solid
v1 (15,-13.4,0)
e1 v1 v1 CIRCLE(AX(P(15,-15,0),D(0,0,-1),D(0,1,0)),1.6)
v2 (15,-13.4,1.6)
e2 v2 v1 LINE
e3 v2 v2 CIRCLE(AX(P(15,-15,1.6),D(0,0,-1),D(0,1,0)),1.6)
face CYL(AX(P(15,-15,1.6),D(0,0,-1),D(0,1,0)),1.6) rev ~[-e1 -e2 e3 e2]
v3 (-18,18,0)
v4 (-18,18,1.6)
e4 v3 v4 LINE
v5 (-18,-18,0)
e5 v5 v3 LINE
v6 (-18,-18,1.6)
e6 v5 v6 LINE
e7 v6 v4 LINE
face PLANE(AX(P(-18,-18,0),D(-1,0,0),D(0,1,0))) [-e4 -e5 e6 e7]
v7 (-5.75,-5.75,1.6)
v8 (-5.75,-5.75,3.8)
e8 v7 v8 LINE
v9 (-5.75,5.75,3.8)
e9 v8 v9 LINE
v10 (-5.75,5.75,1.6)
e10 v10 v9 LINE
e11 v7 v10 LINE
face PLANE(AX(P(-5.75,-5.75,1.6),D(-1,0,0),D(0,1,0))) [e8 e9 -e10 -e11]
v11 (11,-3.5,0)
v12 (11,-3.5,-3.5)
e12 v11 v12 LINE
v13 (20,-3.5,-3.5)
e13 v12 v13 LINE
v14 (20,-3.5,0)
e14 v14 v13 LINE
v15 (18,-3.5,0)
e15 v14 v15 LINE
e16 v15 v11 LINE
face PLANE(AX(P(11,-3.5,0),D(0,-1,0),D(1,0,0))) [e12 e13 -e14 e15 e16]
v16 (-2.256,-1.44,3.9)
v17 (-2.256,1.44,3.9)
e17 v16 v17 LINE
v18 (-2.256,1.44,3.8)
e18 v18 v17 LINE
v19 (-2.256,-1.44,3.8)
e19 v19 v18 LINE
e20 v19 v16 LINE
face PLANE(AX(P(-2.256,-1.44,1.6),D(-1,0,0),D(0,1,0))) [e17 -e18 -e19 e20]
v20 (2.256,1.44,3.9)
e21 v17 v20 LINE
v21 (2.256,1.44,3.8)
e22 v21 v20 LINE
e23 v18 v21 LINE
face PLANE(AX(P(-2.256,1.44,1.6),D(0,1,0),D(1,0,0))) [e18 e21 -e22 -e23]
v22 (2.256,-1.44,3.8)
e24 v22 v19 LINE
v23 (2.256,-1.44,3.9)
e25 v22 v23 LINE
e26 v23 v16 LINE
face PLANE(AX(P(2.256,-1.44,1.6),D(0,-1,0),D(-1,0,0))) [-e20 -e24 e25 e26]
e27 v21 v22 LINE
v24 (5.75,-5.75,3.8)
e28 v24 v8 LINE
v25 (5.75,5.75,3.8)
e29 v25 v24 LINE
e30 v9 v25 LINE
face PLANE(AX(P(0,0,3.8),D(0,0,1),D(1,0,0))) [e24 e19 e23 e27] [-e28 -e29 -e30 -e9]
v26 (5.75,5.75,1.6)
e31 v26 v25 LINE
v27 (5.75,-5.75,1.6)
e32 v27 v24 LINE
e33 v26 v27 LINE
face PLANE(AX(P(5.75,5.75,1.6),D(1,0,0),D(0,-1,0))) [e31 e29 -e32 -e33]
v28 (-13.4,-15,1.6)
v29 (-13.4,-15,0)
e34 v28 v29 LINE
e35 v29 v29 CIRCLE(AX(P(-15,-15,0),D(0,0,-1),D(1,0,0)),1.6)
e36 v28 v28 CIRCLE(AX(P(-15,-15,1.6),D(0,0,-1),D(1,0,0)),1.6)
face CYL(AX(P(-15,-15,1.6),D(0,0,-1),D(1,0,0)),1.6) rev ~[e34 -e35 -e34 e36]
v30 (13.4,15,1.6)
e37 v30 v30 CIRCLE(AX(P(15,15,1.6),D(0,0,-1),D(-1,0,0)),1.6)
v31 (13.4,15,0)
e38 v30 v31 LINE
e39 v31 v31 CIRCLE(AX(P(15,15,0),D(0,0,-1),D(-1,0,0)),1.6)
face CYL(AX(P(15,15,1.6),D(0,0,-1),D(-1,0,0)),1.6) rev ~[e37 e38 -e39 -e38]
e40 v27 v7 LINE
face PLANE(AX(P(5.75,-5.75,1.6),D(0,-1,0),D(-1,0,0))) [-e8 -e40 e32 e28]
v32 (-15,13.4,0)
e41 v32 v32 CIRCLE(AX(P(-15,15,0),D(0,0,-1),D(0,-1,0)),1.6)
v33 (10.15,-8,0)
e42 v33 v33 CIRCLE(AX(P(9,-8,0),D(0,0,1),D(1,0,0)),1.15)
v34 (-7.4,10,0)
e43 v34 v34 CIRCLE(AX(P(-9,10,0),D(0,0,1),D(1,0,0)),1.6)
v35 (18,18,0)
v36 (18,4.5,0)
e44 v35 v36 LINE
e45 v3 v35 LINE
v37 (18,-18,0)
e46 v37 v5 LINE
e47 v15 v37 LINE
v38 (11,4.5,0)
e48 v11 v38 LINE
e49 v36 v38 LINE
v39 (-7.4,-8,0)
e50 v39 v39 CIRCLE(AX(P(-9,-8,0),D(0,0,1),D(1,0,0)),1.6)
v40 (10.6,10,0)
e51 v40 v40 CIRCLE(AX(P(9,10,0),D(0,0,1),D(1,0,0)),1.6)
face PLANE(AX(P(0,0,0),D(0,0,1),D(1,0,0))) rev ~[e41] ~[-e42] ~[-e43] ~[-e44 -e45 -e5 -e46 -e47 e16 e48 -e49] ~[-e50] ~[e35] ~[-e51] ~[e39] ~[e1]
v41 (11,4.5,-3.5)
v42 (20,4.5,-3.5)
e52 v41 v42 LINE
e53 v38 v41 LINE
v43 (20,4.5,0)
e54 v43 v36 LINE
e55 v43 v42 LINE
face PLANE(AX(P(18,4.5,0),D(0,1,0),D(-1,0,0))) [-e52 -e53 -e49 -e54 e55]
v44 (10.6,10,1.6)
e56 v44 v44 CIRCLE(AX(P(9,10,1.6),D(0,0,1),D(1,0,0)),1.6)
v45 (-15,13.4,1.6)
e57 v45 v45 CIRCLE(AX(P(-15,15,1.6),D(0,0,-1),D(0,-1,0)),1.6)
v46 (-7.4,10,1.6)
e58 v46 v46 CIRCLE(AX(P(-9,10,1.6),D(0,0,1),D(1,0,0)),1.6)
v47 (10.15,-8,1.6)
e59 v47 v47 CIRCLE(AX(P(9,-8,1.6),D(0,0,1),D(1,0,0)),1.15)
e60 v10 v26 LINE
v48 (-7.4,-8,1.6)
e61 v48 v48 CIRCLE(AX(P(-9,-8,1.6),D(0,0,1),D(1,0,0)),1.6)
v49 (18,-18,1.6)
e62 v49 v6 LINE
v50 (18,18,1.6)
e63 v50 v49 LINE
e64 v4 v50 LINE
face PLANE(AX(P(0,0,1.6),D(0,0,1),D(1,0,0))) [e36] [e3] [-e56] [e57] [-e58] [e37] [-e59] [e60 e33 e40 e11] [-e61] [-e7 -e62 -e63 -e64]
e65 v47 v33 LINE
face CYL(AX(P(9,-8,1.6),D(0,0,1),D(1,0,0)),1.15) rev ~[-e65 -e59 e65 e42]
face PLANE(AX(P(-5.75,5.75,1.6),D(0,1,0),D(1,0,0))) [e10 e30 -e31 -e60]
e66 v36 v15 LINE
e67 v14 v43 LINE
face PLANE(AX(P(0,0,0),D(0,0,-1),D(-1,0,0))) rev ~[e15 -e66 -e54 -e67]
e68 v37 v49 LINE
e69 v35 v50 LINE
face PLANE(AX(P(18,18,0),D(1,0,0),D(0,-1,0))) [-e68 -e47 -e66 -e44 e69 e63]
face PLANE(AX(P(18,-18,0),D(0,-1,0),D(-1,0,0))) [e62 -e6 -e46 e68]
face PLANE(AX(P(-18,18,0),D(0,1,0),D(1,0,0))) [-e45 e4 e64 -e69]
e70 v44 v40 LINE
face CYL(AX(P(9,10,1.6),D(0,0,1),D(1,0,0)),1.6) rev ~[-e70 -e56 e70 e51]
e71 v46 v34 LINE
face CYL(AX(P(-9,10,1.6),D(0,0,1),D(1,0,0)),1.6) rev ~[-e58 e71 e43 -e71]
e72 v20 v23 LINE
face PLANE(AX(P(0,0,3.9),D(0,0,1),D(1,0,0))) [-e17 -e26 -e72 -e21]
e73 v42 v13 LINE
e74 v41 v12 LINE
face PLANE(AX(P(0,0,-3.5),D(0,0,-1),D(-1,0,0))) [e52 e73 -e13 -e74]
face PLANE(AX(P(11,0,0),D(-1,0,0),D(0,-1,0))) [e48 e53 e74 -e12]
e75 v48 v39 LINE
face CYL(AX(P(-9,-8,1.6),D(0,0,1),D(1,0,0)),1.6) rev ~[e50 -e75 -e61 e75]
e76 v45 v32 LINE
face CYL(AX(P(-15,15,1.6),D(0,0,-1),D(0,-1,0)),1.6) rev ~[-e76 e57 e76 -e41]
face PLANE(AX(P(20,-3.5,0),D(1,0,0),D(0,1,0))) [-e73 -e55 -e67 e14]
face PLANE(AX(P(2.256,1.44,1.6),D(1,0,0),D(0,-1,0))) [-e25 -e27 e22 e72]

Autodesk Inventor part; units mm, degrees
ref_plane "YZ Plane" through (0, 0, 0) normal (1, 0, 0) x (0, 1, 0)
ref_plane "XZ Plane" through (0, 0, 0) normal (0, 1, 0) x (-1, 0, 0)
ref_plane "XY Plane" through (0, 0, 0) normal (0, 0, 1) x (1, 0, 0)
sketch "Sketch1" plane through (0, 0, 0) normal (0, 0, 1) x (1, 0, 0)
  line L0 (-25.2, 0) -> (25.2, 0) construction
  line L1 (0, -25.2) -> (0, 25.2) construction
  line L2 (-18, 18) -> (18, 18)
  line L3 (18, 18) -> (18, -18)
  line L4 (18, -18) -> (-18, -18)
  line L5 (-18, -18) -> (-18, 18)
  point P0 (0, 0)
  point P1 (0, 18)
  point P2 (18, 0)
  dimension "d0" = 36
  dimension "d1" = 36
extrude "Extrusion1" add sketch "Sketch1" along normal blind 1.6
sketch "Sketch2" plane through (0, 0, 1.6) normal (0, 0, 1) x (1, 0, 0)
  point P0 (0, 0)
  point P1 (-15, 15)
  dimension "d4" = 15
  dimension "d5" = 15
hole "Hole1" at (-15, 15, 1.6) direction (0, 0, -1) diameter 3.2 end through all
pattern_circular "Circular Pattern1" count 4 over 360 about axis through (0, 0, -10) along (0, 0, 1) of "Hole1"
sketch "Sketch3" plane through (0, 0, 1.6) normal (0, 0, 1) x (1, 0, 0)
  line L0 (-25.2, 0) -> (25.2, 0) construction
  line L1 (0, -25.2) -> (0, 25.2) construction
  line L2 (-2.256, 1.44) -> (2.256, 1.44)
  line L3 (2.256, 1.44) -> (2.256, -1.44)
  line L4 (2.256, -1.44) -> (-2.256, -1.44)
  line L5 (-2.256, -1.44) -> (-2.256, 1.44)
  point P0 (0, 0)
  point P1 (0, 1.44)
  point P2 (2.256, 0)
  dimension "d16" = 4.512
  dimension "d17" = 2.88
extrude "Extrusion2" add sketch "Sketch3" along normal blind 2.3
sketch "Sketch4" plane through (0, 0, 1.6) normal (0, 0, 1) x (1, 0, 0)
  line L0 (-5.75, 5.75) -> (5.75, 5.75)
  line L1 (5.75, 5.75) -> (5.75, -5.75)
  line L2 (5.75, -5.75) -> (-5.75, -5.75)
  line L3 (-5.75, -5.75) -> (-5.75, 5.75)
  line L4 (-25.2, 0) -> (25.2, 0) construction
  line L5 (0, -25.2) -> (0, 25.2) construction
  point P0 (0, 0)
  point P1 (0, 5.75)
  point P2 (5.75, 0)
  dimension "d20" = 11.5
  dimension "d21" = 11.5
extrude "Extrusion3" add sketch "Sketch4" along normal blind 2.2
sketch "Sketch5" plane through (0, 0, 1.6) normal (0, 0, 1) x (1, 0, 0)
  point P0 (0, 0)
sketch "Sketch6" plane through (0, 0, 0) normal (0, 0, -1) x (-1, 0, 0)
  line L0 (25.2, 0) -> (-25.2, 0) projected
  line L1 (0, -25.2) -> (0, 25.2) projected
  line L2 (-20, 4.5) -> (-11, 4.5)
  line L3 (-11, 4.5) -> (-11, -3.5)
  line L4 (-11, -3.5) -> (-20, -3.5)
  line L5 (-20, -3.5) -> (-20, 4.5)
  line L6 (-18, 18) -> (-18, -18) projected
  line L7 (-18, -18) -> (18, -18) projected
  point P0 (0, 0)
  point P1 (-11, 0.5)
  dimension "d24" = 9
  dimension "d25" = 8
  dimension "d26" = 2
  dimension "d58" = 18.5
extrude "Extrusion4" add sketch "Sketch6" along normal blind 3.5 contours L3 L4 L6 L0 | L0 L6 L2 L3 | L6 L4 L5 L0 | L0 L5 L2 L6
sketch "Sketch7" plane through (0, 0, 1.6) normal (0, 0, 1) x (1, 0, 0)
  line L0 (-25.6, 0) -> (27.6, 0) projected
  line L1 (0, -25.2) -> (0, 25.2) projected
  line L2 (18, -18) -> (18, 18) projected
  line L3 (18, -18) -> (-18, -18) projected
  circle A0 centre (9, -8) radius 1.15
  circle A1 centre (-9, -8) radius 1.6
  circle A2 centre (-9, 10) radius 1.6
  circle A3 centre (9, 10) radius 1.6
  line L4 (-18, 18) -> (18, 18) projected
  point P0 (0, 0)
  dimension "d44" = 3.2
  dimension "d45" = 3.2
  dimension "d46" = 3.2
  dimension "d47" = 2.3
  dimension "d48" = 10
  dimension "d49" = 10
  dimension "d50" = 9
  dimension "d51" = 9
  dimension "d52" = 8
  dimension "d53" = 8
  dimension "d54" = 18
  dimension "d55" = 18
extrude "Extrusion5" cut sketch "Sketch7" against normal through all contours A0 | A1 | A2 | A3
equation "\"d20\" = d21"
properties part number "F103" material "Acetal Resin, Black"
